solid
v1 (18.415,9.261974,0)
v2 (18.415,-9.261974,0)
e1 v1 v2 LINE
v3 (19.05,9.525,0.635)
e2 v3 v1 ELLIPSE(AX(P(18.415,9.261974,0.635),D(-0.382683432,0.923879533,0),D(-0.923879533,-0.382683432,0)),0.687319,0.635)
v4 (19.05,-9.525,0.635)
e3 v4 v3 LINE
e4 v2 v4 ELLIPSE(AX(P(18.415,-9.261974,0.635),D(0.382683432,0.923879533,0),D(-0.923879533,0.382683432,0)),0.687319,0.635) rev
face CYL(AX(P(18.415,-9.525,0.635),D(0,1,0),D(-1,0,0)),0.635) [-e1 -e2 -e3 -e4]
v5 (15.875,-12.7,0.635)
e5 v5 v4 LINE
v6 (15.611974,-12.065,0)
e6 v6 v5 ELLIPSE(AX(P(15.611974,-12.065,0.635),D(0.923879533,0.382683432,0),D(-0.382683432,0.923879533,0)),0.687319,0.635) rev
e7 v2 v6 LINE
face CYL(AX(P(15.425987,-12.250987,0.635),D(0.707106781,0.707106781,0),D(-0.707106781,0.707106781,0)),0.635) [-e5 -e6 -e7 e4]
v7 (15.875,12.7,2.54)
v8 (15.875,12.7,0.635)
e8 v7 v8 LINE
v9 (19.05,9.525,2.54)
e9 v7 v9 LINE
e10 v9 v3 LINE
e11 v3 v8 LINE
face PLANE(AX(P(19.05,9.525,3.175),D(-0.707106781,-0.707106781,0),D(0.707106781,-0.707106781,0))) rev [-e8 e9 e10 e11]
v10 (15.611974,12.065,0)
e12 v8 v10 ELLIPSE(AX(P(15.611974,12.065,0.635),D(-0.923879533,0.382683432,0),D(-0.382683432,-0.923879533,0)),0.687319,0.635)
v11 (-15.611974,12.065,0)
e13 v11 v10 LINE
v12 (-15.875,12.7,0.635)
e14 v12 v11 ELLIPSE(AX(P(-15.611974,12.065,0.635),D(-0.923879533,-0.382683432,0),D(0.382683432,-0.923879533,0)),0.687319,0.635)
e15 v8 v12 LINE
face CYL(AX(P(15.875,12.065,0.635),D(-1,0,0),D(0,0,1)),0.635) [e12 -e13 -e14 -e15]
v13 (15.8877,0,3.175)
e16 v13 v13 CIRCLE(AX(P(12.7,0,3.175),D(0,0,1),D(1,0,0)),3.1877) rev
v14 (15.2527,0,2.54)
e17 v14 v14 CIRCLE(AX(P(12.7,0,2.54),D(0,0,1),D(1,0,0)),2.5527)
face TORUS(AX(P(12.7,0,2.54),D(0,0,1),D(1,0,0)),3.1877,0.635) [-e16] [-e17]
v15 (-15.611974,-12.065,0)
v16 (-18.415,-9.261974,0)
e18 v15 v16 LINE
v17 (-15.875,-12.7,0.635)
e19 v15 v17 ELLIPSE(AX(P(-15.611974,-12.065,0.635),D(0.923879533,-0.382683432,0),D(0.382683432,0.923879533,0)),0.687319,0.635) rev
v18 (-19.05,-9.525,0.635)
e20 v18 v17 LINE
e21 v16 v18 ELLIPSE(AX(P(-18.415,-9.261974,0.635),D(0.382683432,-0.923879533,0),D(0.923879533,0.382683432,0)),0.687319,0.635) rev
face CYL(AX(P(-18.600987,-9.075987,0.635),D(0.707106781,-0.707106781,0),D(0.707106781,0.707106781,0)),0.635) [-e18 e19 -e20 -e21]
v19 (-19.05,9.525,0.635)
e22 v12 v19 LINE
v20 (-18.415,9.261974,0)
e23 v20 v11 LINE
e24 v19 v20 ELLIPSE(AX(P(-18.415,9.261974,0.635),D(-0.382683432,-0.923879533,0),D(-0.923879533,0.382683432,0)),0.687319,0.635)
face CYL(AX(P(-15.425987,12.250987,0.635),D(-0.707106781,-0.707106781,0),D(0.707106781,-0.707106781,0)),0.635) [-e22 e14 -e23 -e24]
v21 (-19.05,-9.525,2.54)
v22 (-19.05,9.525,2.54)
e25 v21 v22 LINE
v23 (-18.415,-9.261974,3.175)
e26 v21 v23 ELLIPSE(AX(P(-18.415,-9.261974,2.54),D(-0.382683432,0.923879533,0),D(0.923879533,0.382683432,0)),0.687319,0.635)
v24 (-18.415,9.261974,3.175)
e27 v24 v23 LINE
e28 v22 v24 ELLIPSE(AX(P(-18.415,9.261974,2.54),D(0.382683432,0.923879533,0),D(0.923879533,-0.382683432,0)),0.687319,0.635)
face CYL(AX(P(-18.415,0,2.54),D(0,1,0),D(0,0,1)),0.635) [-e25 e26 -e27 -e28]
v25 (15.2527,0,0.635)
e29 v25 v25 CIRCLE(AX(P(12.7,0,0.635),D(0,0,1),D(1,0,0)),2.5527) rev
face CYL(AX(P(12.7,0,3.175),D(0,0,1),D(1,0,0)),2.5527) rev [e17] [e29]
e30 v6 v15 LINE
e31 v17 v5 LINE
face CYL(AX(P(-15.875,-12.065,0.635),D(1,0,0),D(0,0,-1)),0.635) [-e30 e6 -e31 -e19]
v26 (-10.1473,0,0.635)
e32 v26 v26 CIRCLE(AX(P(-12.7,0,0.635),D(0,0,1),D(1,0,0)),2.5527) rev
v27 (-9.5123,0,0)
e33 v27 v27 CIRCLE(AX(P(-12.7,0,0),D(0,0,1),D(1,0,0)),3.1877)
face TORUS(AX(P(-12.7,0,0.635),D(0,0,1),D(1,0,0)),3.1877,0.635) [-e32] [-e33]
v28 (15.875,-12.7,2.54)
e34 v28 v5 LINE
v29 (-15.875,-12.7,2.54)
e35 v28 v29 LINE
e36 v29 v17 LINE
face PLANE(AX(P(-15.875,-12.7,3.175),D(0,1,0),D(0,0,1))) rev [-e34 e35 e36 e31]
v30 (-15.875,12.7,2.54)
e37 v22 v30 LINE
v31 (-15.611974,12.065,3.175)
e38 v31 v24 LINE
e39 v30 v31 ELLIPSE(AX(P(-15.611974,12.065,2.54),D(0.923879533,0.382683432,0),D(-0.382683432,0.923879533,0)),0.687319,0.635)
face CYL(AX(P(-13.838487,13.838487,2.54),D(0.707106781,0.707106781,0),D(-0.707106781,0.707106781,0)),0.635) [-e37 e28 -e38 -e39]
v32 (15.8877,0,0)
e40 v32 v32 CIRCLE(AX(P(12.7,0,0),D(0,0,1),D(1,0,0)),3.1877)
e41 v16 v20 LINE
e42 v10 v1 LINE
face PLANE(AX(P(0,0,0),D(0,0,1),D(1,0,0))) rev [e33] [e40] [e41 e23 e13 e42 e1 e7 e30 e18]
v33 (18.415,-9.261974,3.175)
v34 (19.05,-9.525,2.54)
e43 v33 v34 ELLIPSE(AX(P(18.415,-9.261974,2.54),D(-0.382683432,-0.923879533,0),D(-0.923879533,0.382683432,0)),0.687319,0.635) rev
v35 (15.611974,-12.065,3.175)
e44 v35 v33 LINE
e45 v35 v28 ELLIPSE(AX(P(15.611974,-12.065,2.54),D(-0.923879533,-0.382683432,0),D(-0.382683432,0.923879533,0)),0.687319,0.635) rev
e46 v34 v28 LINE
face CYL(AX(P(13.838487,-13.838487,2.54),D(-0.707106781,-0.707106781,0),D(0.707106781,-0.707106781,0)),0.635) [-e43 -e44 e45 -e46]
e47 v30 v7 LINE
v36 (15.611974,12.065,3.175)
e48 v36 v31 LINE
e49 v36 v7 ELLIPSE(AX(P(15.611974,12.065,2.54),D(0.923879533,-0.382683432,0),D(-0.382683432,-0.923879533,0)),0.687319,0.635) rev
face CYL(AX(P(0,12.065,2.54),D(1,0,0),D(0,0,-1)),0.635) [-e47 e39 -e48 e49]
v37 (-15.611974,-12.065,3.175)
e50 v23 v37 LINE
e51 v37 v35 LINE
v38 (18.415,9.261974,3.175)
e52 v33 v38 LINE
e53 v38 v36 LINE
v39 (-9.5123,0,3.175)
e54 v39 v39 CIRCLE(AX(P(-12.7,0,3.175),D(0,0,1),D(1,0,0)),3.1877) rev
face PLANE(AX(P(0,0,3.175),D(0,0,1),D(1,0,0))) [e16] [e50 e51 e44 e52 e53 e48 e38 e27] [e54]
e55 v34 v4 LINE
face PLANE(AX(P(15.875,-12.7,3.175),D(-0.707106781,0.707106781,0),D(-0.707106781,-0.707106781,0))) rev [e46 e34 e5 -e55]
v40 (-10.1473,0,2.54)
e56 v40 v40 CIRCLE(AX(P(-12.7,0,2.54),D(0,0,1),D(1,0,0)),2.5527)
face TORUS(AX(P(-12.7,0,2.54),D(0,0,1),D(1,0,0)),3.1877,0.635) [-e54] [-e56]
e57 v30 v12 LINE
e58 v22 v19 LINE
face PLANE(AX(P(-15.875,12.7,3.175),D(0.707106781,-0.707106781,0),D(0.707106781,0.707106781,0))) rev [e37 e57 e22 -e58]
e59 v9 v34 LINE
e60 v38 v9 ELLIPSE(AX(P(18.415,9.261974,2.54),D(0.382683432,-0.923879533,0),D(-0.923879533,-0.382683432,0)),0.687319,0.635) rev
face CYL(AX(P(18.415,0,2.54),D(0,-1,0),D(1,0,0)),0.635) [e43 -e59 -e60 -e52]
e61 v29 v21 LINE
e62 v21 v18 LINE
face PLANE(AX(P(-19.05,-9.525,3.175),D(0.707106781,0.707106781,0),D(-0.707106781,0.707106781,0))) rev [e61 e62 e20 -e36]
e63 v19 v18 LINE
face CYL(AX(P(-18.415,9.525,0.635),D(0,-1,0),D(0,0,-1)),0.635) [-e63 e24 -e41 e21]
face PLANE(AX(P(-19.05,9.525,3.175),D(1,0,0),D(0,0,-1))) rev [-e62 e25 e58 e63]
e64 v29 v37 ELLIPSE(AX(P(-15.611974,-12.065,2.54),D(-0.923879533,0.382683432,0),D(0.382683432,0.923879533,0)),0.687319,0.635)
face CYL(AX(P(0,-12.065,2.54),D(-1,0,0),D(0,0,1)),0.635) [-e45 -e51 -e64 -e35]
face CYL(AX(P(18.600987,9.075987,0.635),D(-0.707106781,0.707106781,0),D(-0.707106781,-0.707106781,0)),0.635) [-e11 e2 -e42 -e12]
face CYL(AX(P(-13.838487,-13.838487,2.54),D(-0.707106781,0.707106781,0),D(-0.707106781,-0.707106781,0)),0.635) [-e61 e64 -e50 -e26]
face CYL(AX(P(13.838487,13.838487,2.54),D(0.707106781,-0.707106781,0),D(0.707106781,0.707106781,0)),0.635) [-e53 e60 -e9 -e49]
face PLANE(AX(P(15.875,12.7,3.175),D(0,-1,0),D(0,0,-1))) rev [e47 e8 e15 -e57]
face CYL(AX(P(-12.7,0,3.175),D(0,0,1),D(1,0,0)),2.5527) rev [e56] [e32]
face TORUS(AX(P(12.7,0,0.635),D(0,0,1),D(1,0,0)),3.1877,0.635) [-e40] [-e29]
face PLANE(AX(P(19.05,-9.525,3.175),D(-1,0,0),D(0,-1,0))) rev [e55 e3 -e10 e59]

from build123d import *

# Parameters (mm, degrees)
BOSS_EXTRUDE1_DEPTH    = 3.175
F_10_CLEARANCE_HOLE1_D = 5.1054
FILLET1_R              = 0.635


with BuildPart() as part:
    # Sketch1 → Boss-Extrude1 (new body)
    with BuildSketch(Plane.XY):
        Polygon((15.875, 12.7), (-15.875, 12.7), (-19.05, 9.525), (-19.05, -9.525), (-15.875, -12.7), (15.875, -12.7), (19.05, -9.525), (19.05, 9.525), align=None)
    extrude(amount=BOSS_EXTRUDE1_DEPTH)

    # #10 Clearance Hole1 (through all)
    with Locations(Plane.XY.offset(3.175)):
        with Locations((12.7, 0), (-12.7, 0)):
            Hole(F_10_CLEARANCE_HOLE1_D / 2)

    # Fillet1
    fillet1_edges = [part.edges().sort_by_distance(p)[0] for p in [
        (-17.4625, -11.1125, 3.175),
        (-19.05, 0, 0),
        (-17.4625, 11.1125, 0),
        (0, -12.7, 3.175),
        (17.4625, -11.1125, 3.175),
        (19.05, 0, 3.175),
        (17.4625, 11.1125, 3.175),
        (0, 12.7, 3.175),
        (-10.1473, 0, 3.175),
        (-10.1473, 0, 0),
        (15.2527, 0, 3.175),
        (15.2527, 0, 0),
        (-17.4625, 11.1125, 3.175),
        (-19.05, 0, 3.175),
        (0, 12.7, 0),
        (17.4625, 11.1125, 0),
        (19.05, 0, 0),
        (17.4625, -11.1125, 0),
        (0, -12.7, 0),
        (-17.4625, -11.1125, 0),
    ]]
    fillet(fillet1_edges, radius=FILLET1_R)


solid = part.part
